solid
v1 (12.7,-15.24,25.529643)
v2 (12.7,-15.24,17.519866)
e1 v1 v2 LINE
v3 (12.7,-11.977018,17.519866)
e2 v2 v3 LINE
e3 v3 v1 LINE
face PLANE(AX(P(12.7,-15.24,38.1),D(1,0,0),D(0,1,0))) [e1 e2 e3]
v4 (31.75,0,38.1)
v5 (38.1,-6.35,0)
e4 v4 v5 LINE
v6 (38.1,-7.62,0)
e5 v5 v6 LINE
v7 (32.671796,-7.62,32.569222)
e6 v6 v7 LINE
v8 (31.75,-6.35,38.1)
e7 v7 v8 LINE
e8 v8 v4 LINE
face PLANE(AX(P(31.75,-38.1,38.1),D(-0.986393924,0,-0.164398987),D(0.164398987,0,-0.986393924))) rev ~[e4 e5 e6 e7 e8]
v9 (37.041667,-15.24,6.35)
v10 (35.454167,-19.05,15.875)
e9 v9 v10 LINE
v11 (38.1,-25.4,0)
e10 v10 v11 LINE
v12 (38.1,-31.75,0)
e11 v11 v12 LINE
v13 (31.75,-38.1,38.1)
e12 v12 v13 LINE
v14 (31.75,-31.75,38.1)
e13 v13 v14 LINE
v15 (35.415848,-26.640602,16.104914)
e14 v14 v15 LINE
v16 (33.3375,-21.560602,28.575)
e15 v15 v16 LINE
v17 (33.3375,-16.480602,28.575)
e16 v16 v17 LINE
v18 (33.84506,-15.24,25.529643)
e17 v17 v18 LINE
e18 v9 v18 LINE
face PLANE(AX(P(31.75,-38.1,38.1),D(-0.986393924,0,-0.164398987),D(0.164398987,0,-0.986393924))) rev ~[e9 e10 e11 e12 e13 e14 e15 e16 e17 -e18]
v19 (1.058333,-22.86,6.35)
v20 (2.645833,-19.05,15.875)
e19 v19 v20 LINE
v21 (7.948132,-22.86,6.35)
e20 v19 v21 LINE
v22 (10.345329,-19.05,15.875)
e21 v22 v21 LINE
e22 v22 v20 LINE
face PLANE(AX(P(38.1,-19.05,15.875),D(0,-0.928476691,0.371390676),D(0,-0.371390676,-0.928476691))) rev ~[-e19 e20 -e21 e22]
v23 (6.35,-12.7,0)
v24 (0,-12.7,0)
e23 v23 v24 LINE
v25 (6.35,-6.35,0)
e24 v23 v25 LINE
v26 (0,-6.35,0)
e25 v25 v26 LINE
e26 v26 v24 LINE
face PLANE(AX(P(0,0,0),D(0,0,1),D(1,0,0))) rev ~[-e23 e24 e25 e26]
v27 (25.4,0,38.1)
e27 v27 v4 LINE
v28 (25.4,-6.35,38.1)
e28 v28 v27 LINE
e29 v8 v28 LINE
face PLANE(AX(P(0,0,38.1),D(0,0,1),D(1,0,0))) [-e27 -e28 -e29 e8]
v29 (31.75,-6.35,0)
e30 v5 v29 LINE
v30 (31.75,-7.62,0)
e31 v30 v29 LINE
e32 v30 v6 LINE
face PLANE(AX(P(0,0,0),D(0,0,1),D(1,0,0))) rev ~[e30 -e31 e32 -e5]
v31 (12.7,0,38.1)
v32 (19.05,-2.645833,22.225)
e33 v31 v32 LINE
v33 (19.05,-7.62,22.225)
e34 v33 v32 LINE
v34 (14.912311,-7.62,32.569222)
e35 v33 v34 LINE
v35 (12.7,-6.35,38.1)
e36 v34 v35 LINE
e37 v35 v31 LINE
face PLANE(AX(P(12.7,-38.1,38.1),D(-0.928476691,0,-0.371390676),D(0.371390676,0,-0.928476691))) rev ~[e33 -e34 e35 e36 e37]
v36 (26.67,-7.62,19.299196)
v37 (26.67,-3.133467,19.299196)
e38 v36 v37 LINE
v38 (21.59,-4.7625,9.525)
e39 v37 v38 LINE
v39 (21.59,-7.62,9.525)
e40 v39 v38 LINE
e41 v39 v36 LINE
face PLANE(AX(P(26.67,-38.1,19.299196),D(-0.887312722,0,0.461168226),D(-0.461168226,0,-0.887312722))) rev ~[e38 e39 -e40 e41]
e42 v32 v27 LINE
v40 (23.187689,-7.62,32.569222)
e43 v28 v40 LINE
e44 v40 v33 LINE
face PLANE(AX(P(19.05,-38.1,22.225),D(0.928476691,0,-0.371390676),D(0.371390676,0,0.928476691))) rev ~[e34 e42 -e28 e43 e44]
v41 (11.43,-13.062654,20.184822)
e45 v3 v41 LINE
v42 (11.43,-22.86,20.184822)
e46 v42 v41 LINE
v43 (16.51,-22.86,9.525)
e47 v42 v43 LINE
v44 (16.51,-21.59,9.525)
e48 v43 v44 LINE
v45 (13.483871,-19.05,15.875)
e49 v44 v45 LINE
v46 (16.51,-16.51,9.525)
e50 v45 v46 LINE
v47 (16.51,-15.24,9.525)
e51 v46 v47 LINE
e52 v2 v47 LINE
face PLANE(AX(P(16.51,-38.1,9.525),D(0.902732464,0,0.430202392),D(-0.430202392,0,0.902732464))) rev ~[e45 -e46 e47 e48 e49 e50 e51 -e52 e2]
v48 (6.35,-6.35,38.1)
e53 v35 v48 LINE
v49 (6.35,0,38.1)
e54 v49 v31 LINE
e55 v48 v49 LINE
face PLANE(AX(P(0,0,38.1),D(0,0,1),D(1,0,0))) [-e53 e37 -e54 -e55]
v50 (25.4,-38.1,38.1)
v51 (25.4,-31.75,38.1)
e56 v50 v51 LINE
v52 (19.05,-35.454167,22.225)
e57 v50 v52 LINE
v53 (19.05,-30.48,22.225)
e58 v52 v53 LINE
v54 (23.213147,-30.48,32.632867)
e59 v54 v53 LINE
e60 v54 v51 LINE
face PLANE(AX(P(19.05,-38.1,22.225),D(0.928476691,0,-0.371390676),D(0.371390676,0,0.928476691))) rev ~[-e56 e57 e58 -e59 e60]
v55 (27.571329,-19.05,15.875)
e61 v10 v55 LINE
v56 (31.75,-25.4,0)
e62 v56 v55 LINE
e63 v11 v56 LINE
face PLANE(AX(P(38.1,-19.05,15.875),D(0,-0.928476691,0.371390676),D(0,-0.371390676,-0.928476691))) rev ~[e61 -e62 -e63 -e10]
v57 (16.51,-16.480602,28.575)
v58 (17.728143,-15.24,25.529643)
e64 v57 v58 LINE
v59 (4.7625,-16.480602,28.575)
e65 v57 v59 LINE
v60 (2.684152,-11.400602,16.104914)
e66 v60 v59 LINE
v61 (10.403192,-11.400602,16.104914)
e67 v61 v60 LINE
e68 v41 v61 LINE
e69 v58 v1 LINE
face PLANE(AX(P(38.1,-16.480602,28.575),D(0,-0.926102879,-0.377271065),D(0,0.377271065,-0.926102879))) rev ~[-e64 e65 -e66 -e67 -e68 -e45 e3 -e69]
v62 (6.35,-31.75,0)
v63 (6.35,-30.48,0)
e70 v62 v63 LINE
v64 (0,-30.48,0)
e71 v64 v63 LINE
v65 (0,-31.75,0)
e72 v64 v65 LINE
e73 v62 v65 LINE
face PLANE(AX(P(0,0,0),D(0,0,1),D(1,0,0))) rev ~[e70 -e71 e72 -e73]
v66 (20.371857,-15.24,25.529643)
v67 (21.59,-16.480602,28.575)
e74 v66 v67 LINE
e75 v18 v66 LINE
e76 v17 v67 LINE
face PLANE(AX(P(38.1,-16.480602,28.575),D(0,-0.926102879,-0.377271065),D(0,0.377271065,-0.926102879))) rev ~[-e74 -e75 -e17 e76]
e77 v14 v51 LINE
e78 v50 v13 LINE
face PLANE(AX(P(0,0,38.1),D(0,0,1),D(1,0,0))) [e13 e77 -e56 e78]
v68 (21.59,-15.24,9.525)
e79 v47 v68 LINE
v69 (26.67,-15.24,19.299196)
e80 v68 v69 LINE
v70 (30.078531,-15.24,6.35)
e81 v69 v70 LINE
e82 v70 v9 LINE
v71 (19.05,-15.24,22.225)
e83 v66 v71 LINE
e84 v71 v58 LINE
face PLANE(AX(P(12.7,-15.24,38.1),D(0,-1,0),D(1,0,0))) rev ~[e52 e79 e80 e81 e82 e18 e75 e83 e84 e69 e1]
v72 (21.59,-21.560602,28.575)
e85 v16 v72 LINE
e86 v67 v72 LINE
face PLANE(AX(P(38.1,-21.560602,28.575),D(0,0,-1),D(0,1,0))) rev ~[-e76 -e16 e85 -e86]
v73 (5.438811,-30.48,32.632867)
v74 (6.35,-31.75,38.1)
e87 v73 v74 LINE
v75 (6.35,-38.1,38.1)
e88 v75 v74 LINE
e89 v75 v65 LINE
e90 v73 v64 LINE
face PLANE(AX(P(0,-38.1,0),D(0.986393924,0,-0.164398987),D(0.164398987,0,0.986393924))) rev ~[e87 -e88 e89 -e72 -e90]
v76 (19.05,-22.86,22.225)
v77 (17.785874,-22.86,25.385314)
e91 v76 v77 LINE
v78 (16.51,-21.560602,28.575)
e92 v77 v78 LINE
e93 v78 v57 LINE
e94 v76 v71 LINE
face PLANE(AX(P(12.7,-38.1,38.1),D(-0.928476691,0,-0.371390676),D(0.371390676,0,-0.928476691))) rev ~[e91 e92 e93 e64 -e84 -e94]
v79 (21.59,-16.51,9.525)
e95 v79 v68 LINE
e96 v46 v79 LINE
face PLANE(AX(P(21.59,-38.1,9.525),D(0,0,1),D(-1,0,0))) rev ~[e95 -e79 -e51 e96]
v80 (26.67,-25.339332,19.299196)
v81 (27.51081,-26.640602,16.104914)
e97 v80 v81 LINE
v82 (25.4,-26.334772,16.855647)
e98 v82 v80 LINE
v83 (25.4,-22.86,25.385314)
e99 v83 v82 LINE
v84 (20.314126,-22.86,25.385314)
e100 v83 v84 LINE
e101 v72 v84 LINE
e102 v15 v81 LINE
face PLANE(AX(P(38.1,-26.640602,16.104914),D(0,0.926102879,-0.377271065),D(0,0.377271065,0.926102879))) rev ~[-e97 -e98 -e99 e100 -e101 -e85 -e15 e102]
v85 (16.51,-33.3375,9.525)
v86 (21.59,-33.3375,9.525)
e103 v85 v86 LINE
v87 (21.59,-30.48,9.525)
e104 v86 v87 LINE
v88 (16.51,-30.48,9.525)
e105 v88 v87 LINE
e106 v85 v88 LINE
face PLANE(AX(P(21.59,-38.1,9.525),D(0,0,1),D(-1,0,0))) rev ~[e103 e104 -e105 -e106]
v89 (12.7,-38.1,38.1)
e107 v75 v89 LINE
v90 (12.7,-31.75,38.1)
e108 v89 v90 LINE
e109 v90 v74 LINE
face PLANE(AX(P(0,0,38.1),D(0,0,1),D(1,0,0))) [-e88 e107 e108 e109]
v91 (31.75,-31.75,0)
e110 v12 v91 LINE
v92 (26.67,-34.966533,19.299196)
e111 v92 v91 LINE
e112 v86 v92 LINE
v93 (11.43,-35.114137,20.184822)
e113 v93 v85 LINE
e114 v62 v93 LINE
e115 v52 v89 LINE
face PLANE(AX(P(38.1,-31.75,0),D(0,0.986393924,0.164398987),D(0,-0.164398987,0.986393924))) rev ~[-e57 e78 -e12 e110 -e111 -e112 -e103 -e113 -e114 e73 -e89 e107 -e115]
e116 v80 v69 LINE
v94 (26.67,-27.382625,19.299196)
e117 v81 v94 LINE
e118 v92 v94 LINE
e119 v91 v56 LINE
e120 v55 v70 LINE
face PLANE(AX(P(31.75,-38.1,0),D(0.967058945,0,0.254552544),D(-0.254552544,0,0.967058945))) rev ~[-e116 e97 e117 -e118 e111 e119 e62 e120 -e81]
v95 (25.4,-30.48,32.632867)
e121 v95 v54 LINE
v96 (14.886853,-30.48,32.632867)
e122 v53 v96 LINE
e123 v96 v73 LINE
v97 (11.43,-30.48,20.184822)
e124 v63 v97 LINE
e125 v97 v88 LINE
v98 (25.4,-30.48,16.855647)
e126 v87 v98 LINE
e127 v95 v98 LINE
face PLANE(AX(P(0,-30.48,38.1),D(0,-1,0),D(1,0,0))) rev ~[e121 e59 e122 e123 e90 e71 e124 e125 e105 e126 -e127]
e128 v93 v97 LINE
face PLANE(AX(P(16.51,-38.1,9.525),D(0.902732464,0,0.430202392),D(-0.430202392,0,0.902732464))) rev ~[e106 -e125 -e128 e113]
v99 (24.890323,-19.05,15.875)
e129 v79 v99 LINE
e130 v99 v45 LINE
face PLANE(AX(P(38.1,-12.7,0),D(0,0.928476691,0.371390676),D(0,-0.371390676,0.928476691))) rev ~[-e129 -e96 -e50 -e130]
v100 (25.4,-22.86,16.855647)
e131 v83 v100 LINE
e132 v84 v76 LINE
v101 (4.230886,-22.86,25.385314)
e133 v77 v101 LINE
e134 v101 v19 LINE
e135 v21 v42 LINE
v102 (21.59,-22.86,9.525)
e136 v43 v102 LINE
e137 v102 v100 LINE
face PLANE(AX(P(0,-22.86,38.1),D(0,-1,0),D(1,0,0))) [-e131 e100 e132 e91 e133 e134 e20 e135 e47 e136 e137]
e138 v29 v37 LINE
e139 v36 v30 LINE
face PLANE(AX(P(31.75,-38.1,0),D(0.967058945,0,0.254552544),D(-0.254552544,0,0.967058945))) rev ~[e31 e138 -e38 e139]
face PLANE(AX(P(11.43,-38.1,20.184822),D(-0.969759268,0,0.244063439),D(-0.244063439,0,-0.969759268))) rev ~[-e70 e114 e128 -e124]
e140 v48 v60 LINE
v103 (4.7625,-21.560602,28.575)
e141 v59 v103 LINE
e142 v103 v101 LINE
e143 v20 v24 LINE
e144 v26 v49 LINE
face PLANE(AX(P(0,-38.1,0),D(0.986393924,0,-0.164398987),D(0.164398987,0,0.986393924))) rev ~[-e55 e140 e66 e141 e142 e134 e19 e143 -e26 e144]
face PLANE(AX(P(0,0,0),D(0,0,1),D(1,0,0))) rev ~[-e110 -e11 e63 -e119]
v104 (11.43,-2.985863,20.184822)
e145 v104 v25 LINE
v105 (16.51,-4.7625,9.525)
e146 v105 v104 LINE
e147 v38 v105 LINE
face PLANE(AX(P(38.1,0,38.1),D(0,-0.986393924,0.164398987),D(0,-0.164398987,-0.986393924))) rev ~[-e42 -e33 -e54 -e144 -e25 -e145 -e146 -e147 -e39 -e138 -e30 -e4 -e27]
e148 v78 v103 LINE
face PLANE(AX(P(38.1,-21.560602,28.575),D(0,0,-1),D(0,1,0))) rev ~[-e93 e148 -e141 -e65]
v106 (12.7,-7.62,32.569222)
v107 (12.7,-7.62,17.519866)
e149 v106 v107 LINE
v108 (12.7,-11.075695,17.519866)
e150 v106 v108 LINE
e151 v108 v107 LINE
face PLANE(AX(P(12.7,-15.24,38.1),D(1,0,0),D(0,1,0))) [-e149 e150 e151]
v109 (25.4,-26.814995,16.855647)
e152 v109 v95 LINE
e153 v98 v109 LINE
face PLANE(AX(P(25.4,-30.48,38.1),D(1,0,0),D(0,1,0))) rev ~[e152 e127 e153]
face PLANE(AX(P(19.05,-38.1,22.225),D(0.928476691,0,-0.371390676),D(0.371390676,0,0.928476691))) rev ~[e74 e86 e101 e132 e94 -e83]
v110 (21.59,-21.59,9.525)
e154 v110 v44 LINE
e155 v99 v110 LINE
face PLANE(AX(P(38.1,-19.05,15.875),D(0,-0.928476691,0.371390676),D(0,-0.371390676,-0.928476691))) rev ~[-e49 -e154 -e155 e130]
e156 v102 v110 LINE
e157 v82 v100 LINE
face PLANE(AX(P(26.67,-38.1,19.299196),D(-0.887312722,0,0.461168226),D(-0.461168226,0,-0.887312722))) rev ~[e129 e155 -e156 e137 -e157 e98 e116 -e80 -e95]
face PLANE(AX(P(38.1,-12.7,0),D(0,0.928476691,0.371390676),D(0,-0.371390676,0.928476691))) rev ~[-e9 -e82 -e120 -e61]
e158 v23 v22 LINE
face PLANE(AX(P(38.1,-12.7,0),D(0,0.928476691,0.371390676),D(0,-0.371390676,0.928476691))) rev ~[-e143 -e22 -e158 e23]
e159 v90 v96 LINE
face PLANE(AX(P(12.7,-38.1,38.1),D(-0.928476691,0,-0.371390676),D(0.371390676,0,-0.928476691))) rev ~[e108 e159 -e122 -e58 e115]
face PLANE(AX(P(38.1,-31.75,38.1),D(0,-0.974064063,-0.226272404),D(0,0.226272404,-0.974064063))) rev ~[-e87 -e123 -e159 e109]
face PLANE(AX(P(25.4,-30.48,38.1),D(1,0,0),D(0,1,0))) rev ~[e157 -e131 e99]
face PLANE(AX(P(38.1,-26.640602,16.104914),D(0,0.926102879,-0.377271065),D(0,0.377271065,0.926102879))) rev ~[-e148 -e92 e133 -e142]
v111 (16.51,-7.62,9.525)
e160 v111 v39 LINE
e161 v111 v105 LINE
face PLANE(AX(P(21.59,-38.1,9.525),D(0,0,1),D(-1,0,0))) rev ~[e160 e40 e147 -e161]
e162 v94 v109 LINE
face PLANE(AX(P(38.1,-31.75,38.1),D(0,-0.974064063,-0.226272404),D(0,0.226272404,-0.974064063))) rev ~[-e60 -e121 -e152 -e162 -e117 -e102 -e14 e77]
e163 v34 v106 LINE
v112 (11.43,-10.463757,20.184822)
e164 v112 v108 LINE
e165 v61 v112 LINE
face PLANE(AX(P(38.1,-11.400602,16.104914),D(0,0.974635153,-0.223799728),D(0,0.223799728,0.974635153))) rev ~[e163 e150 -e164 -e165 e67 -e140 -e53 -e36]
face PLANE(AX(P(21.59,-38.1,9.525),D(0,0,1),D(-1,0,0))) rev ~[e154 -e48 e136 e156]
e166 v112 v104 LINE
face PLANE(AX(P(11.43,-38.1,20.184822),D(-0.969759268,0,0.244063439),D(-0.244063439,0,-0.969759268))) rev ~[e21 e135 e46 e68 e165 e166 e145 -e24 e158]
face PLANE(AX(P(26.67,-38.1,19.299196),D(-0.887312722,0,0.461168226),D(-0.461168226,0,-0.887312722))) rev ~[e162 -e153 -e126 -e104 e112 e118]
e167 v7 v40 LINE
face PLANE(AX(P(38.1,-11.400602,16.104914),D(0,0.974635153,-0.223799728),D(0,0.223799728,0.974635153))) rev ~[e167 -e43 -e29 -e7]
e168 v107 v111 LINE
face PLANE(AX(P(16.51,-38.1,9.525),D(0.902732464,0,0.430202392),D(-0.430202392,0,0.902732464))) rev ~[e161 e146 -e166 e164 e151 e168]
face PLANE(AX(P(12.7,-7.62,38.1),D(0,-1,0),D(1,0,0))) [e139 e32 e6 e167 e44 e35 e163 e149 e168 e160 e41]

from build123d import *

# Parameters (mm, degrees)
F0_W      = 38.1
F0_H      = 38.1
F1_DEPTH  = 38.1
F6_DEPTH  = 38.1
F8_DEPTH  = 38.1
F9_W      = 25.4
F9_H      = 7.62
F10_DEPTH = 38.1


with BuildPart() as f1:
    # F0 (on Front) → F1 (new body)
    with BuildSketch(Plane.XZ):
        with Locations((19.05, 19.05)):
            Rectangle(F0_W, F0_H)
    extrude(amount=F1_DEPTH)

    # F5 (on offset) → F6 (cut)
    with BuildSketch(Plane.YZ.offset(38.1)):
        Polygon((-11.400602, 16.104914), (-6.35, 38.1), (-31.75, 38.1), (-26.640602, 16.104914), (-21.560602, 28.575), (-16.480602, 28.575), align=None)
        Polygon((-6.35, 0), (0, 0), (0, 38.1), align=None)
        Polygon((-25.4, 0), (-12.7, 0), (-19.05, 15.875), align=None)
        Polygon((-38.1, 0), (-31.75, 0), (-38.1, 38.1), align=None)
    extrude(amount=-F6_DEPTH, mode=Mode.SUBTRACT)

    # F7 (on offset) → F8 (cut)
    with BuildSketch(Plane.XZ.offset(38.1)):
        Polygon((0, 38.1), (0, 0), (6.35, 38.1), align=None)
        Polygon((25.4, 38.1), (12.7, 38.1), (19.05, 22.225), align=None)
        Polygon((31.75, 38.1), (38.1, 0), (38.1, 38.1), align=None)
        Polygon((11.43, 20.184822), (6.35, 0), (31.75, 0), (26.67, 19.299196), (21.59, 9.525), (16.51, 9.525), align=None)
    extrude(amount=-F8_DEPTH, mode=Mode.SUBTRACT)

    # F9 (on offset) → F10 (cut)
    with BuildSketch(Plane.XY.offset(38.1)):
        with Locations((12.7, -26.67)):
            Rectangle(F9_W, F9_H)
        with Locations((25.4, -11.43)):
            Rectangle(F9_W, F9_H)
    extrude(amount=-F10_DEPTH, mode=Mode.SUBTRACT)


solid = f1.part
